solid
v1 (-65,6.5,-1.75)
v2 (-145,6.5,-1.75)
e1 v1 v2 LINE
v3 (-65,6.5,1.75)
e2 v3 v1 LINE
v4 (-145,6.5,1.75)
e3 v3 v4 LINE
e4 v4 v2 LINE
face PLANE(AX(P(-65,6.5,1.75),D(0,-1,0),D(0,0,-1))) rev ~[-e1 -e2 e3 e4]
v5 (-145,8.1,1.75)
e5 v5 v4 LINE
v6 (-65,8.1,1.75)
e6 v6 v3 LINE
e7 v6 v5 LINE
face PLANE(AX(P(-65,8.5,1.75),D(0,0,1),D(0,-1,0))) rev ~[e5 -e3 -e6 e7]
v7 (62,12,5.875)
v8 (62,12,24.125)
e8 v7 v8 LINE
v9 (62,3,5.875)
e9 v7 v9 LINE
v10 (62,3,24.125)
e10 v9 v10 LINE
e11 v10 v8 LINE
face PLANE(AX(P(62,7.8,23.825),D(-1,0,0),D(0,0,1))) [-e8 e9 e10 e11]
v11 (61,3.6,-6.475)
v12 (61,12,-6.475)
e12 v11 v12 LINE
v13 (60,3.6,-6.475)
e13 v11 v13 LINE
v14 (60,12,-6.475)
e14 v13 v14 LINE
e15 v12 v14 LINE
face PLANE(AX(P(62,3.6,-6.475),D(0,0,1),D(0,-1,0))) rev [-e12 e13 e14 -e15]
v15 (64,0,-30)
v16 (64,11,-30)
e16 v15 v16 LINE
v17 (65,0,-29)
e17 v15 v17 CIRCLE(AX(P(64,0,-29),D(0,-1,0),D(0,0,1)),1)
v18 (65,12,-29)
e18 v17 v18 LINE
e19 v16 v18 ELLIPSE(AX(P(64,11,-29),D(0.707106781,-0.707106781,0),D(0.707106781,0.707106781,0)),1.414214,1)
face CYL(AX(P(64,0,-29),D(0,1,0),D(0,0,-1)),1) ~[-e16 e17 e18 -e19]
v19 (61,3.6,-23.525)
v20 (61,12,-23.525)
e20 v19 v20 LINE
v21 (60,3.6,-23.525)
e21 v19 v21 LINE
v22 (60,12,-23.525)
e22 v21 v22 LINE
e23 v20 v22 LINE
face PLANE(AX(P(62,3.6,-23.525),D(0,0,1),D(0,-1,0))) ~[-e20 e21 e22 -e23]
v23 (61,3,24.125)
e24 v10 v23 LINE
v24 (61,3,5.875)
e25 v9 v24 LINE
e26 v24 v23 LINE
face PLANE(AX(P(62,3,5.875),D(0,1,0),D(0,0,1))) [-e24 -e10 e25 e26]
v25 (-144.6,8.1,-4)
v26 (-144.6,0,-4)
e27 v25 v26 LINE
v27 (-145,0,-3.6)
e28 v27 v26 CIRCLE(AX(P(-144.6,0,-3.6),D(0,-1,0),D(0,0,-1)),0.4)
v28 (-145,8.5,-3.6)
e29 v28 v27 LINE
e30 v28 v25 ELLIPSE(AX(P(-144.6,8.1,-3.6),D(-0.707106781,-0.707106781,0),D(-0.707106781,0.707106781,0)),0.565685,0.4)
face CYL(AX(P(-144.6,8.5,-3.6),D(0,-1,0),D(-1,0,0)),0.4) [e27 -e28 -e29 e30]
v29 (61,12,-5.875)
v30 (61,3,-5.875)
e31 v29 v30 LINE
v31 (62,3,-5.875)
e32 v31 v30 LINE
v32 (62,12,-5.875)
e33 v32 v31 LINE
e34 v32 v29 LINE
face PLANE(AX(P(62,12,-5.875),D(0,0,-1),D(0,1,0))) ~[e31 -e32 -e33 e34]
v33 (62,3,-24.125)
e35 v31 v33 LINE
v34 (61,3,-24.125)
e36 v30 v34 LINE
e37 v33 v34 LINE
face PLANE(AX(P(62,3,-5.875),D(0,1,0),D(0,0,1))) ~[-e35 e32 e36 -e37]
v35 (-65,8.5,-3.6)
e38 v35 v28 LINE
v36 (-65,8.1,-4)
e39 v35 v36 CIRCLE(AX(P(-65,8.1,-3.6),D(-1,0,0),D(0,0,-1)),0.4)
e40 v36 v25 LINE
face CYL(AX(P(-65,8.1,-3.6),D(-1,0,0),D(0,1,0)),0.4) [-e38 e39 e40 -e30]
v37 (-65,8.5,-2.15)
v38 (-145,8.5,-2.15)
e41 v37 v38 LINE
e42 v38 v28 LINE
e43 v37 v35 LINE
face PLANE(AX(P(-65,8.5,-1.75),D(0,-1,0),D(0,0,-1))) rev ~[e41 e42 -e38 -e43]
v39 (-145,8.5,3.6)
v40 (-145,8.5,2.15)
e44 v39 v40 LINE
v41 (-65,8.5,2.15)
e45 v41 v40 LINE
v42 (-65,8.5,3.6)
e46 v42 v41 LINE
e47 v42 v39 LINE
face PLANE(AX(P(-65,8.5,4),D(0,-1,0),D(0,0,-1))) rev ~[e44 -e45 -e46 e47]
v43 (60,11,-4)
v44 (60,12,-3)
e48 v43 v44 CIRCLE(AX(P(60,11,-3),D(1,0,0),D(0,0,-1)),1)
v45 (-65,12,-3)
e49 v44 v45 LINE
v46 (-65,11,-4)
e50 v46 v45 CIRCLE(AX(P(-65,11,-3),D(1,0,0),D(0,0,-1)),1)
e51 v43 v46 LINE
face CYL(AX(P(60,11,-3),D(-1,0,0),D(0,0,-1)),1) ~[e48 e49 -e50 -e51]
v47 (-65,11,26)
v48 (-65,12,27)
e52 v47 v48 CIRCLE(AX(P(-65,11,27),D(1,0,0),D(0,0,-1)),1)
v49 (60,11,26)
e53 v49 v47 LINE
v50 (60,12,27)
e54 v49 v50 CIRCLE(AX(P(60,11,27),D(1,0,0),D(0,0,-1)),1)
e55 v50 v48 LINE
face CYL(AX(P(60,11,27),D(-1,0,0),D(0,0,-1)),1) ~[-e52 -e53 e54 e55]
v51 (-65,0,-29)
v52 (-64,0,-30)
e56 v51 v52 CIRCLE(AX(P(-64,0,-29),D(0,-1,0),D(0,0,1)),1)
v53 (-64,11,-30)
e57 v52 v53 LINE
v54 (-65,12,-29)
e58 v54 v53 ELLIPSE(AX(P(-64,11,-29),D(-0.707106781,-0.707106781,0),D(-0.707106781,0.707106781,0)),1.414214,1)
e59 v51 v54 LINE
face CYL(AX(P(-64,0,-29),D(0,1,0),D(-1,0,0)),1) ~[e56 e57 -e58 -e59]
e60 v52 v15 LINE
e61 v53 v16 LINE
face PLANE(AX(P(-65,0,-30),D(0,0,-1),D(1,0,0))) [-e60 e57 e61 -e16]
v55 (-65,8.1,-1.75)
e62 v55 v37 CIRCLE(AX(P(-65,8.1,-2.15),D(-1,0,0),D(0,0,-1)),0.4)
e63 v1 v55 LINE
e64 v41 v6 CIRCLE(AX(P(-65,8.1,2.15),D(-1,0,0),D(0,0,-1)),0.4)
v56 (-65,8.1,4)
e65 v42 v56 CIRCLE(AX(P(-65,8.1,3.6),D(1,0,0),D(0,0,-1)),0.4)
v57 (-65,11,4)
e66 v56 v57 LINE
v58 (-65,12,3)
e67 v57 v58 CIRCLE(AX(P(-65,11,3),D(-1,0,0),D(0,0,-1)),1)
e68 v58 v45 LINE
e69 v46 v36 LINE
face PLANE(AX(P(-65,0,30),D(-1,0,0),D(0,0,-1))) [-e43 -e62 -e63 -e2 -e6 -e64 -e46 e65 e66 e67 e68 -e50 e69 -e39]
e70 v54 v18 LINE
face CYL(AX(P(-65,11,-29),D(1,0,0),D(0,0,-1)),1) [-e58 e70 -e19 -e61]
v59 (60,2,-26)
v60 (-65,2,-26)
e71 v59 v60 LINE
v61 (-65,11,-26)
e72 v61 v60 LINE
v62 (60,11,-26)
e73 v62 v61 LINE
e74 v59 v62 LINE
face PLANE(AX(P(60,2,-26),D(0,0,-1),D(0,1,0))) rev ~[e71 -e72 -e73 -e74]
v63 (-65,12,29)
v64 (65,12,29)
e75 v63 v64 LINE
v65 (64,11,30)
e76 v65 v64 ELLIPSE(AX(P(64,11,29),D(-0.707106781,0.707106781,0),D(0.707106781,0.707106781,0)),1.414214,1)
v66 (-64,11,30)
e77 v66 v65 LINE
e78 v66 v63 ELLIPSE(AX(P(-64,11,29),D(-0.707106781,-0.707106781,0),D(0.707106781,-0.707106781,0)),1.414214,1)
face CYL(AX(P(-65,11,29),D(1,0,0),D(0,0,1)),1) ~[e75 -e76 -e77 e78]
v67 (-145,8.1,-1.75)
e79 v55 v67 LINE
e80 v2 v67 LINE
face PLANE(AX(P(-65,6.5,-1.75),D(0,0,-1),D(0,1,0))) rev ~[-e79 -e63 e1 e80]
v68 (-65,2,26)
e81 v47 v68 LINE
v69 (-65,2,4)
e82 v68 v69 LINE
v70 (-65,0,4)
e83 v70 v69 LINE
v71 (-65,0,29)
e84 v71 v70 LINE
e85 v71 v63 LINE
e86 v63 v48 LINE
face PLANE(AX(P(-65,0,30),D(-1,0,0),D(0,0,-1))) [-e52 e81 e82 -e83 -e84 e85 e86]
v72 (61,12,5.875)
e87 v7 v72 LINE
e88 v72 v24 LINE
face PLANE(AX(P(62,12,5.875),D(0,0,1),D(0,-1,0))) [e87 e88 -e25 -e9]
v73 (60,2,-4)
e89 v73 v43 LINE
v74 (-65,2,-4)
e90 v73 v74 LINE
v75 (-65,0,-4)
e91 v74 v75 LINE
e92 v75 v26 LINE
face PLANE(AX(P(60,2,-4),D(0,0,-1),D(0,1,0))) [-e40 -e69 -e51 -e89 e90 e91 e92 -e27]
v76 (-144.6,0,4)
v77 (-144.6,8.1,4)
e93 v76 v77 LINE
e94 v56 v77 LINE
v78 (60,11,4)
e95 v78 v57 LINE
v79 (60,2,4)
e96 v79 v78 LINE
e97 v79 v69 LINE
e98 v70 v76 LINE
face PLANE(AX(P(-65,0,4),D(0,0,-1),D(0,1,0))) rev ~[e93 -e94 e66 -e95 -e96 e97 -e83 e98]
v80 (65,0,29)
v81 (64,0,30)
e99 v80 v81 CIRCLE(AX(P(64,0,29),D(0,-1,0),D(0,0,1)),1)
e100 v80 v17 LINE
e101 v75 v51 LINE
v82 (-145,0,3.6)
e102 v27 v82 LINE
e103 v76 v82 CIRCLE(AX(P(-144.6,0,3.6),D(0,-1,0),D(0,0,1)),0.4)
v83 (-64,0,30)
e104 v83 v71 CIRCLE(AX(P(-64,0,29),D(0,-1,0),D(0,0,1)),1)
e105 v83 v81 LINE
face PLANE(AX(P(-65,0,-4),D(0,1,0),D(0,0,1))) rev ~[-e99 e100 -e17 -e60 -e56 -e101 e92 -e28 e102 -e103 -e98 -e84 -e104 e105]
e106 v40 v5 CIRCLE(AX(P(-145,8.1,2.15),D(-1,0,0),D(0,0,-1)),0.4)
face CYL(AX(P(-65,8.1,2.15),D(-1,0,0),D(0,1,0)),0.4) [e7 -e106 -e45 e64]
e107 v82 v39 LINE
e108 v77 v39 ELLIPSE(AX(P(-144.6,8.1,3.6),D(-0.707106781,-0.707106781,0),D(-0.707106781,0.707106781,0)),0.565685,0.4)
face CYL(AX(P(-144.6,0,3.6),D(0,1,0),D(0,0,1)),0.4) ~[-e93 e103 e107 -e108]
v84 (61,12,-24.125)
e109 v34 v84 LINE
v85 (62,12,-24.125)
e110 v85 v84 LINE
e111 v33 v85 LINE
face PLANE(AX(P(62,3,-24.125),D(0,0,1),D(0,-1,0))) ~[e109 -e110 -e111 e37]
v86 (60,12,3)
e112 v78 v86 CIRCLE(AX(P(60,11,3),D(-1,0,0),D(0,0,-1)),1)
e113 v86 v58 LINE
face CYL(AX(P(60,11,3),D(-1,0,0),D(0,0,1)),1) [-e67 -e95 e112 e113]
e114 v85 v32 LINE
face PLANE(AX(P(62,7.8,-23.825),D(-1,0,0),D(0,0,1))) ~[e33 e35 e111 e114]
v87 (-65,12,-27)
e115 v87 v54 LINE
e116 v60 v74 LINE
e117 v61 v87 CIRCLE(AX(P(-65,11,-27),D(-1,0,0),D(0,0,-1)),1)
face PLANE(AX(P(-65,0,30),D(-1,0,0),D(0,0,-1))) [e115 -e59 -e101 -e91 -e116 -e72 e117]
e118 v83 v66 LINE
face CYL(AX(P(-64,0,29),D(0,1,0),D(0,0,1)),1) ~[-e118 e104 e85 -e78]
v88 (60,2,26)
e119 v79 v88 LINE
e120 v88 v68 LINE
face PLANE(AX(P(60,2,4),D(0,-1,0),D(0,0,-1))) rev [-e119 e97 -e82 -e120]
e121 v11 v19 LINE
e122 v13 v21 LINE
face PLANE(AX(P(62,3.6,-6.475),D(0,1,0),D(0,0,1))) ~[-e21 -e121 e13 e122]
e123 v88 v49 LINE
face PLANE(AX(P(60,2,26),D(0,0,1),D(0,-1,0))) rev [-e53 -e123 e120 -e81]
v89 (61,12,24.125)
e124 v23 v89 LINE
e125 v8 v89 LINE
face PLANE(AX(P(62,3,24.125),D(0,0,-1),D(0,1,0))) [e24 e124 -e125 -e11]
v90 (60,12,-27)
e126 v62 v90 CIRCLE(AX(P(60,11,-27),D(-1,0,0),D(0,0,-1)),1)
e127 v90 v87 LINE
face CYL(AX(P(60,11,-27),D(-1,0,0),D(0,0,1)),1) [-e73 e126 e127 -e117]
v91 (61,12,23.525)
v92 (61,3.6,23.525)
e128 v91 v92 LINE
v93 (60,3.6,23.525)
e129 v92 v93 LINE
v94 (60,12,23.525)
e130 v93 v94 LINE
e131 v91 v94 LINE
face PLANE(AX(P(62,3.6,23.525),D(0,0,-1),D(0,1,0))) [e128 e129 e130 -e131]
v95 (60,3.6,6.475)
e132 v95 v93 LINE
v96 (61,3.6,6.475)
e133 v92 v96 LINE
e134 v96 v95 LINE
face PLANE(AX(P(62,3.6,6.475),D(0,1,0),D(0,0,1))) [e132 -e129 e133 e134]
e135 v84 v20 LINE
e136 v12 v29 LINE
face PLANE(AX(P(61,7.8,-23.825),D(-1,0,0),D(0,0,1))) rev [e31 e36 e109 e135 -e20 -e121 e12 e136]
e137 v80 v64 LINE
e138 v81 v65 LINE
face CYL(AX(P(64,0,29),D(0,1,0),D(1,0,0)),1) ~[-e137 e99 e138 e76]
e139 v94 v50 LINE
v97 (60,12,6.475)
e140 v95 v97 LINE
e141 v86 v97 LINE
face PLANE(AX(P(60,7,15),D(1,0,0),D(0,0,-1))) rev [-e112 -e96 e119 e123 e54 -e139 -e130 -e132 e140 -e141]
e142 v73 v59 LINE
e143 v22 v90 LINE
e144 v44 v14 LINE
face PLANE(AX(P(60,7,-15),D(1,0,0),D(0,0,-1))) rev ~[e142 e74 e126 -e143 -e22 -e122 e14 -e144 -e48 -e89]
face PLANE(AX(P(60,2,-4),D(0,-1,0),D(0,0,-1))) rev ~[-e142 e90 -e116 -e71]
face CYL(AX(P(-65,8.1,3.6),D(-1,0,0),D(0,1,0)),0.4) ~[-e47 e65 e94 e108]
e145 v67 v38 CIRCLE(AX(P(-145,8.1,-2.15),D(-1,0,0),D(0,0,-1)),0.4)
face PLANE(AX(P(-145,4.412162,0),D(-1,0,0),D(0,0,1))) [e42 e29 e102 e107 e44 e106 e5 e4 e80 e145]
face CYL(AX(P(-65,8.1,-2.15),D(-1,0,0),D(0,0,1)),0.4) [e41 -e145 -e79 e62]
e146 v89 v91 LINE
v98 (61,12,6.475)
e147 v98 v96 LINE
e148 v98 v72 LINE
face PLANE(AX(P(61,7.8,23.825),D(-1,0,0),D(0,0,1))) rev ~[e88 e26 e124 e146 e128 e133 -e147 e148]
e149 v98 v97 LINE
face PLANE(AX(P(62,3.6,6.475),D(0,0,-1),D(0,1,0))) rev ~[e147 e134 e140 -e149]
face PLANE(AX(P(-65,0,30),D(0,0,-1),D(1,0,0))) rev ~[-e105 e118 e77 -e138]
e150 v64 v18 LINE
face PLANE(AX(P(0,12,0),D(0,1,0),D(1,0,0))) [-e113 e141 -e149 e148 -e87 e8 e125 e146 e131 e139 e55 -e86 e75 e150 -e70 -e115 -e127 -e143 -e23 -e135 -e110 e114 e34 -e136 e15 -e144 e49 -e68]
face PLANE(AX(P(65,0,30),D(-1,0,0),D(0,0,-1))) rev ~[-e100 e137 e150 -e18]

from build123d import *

# Parameters (mm, degrees)
SKETCH1_W           = 130
SKETCH1_H           = 60
BOSS_EXTRUDE1_DEPTH = 12
CUT_EXTRUDE1_START  = -5
SKETCH2_W           = 22
SKETCH2_H           = 10
CUT_EXTRUDE1_DEPTH  = 129.955216397
CUT_EXTRUDE2_START  = -2
SKETCH3_W           = 0.6
SKETCH3_H           = 8.4
SKETCH3_H_2         = 0.6
SKETCH3_W_2         = 17.05
CUT_EXTRUDE2_DEPTH  = 1
CUT_EXTRUDE3_START  = -2
SKETCH3_3_W         = 17.05
SKETCH3_3_H         = 8.4
CUT_EXTRUDE3_DEPTH  = 2
BOSS_EXTRUDE2_DEPTH = 80
FILLET1_R           = 0.4
FILLET2_R           = 1


with BuildPart() as part:
    # Sketch1 → Boss-Extrude1 (new body)
    with BuildSketch(Plane(origin=(0, 0, 0), x_dir=(1, 0, 0), z_dir=(0, 1, 0))):
        Rectangle(SKETCH1_W, SKETCH1_H)
    extrude(amount=BOSS_EXTRUDE1_DEPTH)

    # Sketch2 → Cut-Extrude1 (cut, through all)
    with BuildSketch(Plane(origin=(65, 0, 0), x_dir=(0, 0, -1), z_dir=(1, 0, 0)).offset(CUT_EXTRUDE1_START)):
        with Locations((15, 7)):
            Rectangle(SKETCH2_W, SKETCH2_H)
    cut_extrude1 = extrude(amount=-CUT_EXTRUDE1_DEPTH, mode=Mode.SUBTRACT)

    # Mirror1: Cut-Extrude1 across plane
    add(cut_extrude1.mirror(Plane.XY), mode=Mode.SUBTRACT)

    # Sketch3 → Cut-Extrude2 (cut)
    with BuildSketch(Plane.ZY.offset(-60).offset(CUT_EXTRUDE2_START)):
        with Locations((23.825, 7.8)):
            Rectangle(SKETCH3_W, SKETCH3_H)
        with Locations((23.825, 3.3)):
            Rectangle(SKETCH3_W, SKETCH3_H_2)
        with Locations((15, 7.8)):
            Rectangle(SKETCH3_W_2, SKETCH3_H)
        with Locations((15, 3.3)):
            Rectangle(SKETCH3_W_2, SKETCH3_H_2)
        with Locations((6.175, 3.3)):
            Rectangle(SKETCH3_W, SKETCH3_H_2)
        with Locations((6.175, 7.8)):
            Rectangle(SKETCH3_W, SKETCH3_H)
    cut_extrude2 = extrude(amount=CUT_EXTRUDE2_DEPTH, mode=Mode.SUBTRACT)

    # Sketch3<3> → Cut-Extrude3 (cut)
    with BuildSketch(Plane.ZY.offset(-60).offset(CUT_EXTRUDE3_START)):
        with Locations((15, 7.8)):
            Rectangle(SKETCH3_3_W, SKETCH3_3_H)
    cut_extrude3 = extrude(amount=CUT_EXTRUDE3_DEPTH, mode=Mode.SUBTRACT)

    # Mirror2: Cut-Extrude2, Cut-Extrude3 across plane
    add(cut_extrude2.mirror(Plane.XY), mode=Mode.SUBTRACT)
    add(cut_extrude3.mirror(Plane.XY), mode=Mode.SUBTRACT)

    # Sketch4 → Boss-Extrude2 (add)
    with BuildSketch(Plane.ZY.offset(65)):
        Polygon((4, 2), (4, 8.5), (1.75, 8.5), (1.75, 6.5), (-1.75, 6.5), (-1.75, 8.5), (-4, 8.5), (-4, 2), (-4, 0), (4, 0), align=None)
    extrude(amount=BOSS_EXTRUDE2_DEPTH)

    # Fillet1
    fillet1_edges = [part.edges().sort_by_distance(p)[0] for p in [
        (-105, 8.5, -1.75),
        (-105, 8.5, -4),
        (-145, 4.25, 4),
        (-105, 8.5, 4),
        (-105, 8.5, 1.75),
        (-145, 4.25, -4),
    ]]
    fillet(fillet1_edges, radius=FILLET1_R)

    # Fillet2
    fillet2_edges = [part.edges().sort_by_distance(p)[0] for p in [
        (0, 12, 30),
        (-2.5, 12, -4),
        (-2.5, 12, -26),
        (-2.5, 12, 26),
        (-2.5, 12, 4),
        (65, 6, 30),
        (-65, 6, 30),
        (-65, 6, -30),
        (65, 6, -30),
        (0, 12, -30),
    ]]
    fillet(fillet2_edges, radius=FILLET2_R)


solid = part.part
